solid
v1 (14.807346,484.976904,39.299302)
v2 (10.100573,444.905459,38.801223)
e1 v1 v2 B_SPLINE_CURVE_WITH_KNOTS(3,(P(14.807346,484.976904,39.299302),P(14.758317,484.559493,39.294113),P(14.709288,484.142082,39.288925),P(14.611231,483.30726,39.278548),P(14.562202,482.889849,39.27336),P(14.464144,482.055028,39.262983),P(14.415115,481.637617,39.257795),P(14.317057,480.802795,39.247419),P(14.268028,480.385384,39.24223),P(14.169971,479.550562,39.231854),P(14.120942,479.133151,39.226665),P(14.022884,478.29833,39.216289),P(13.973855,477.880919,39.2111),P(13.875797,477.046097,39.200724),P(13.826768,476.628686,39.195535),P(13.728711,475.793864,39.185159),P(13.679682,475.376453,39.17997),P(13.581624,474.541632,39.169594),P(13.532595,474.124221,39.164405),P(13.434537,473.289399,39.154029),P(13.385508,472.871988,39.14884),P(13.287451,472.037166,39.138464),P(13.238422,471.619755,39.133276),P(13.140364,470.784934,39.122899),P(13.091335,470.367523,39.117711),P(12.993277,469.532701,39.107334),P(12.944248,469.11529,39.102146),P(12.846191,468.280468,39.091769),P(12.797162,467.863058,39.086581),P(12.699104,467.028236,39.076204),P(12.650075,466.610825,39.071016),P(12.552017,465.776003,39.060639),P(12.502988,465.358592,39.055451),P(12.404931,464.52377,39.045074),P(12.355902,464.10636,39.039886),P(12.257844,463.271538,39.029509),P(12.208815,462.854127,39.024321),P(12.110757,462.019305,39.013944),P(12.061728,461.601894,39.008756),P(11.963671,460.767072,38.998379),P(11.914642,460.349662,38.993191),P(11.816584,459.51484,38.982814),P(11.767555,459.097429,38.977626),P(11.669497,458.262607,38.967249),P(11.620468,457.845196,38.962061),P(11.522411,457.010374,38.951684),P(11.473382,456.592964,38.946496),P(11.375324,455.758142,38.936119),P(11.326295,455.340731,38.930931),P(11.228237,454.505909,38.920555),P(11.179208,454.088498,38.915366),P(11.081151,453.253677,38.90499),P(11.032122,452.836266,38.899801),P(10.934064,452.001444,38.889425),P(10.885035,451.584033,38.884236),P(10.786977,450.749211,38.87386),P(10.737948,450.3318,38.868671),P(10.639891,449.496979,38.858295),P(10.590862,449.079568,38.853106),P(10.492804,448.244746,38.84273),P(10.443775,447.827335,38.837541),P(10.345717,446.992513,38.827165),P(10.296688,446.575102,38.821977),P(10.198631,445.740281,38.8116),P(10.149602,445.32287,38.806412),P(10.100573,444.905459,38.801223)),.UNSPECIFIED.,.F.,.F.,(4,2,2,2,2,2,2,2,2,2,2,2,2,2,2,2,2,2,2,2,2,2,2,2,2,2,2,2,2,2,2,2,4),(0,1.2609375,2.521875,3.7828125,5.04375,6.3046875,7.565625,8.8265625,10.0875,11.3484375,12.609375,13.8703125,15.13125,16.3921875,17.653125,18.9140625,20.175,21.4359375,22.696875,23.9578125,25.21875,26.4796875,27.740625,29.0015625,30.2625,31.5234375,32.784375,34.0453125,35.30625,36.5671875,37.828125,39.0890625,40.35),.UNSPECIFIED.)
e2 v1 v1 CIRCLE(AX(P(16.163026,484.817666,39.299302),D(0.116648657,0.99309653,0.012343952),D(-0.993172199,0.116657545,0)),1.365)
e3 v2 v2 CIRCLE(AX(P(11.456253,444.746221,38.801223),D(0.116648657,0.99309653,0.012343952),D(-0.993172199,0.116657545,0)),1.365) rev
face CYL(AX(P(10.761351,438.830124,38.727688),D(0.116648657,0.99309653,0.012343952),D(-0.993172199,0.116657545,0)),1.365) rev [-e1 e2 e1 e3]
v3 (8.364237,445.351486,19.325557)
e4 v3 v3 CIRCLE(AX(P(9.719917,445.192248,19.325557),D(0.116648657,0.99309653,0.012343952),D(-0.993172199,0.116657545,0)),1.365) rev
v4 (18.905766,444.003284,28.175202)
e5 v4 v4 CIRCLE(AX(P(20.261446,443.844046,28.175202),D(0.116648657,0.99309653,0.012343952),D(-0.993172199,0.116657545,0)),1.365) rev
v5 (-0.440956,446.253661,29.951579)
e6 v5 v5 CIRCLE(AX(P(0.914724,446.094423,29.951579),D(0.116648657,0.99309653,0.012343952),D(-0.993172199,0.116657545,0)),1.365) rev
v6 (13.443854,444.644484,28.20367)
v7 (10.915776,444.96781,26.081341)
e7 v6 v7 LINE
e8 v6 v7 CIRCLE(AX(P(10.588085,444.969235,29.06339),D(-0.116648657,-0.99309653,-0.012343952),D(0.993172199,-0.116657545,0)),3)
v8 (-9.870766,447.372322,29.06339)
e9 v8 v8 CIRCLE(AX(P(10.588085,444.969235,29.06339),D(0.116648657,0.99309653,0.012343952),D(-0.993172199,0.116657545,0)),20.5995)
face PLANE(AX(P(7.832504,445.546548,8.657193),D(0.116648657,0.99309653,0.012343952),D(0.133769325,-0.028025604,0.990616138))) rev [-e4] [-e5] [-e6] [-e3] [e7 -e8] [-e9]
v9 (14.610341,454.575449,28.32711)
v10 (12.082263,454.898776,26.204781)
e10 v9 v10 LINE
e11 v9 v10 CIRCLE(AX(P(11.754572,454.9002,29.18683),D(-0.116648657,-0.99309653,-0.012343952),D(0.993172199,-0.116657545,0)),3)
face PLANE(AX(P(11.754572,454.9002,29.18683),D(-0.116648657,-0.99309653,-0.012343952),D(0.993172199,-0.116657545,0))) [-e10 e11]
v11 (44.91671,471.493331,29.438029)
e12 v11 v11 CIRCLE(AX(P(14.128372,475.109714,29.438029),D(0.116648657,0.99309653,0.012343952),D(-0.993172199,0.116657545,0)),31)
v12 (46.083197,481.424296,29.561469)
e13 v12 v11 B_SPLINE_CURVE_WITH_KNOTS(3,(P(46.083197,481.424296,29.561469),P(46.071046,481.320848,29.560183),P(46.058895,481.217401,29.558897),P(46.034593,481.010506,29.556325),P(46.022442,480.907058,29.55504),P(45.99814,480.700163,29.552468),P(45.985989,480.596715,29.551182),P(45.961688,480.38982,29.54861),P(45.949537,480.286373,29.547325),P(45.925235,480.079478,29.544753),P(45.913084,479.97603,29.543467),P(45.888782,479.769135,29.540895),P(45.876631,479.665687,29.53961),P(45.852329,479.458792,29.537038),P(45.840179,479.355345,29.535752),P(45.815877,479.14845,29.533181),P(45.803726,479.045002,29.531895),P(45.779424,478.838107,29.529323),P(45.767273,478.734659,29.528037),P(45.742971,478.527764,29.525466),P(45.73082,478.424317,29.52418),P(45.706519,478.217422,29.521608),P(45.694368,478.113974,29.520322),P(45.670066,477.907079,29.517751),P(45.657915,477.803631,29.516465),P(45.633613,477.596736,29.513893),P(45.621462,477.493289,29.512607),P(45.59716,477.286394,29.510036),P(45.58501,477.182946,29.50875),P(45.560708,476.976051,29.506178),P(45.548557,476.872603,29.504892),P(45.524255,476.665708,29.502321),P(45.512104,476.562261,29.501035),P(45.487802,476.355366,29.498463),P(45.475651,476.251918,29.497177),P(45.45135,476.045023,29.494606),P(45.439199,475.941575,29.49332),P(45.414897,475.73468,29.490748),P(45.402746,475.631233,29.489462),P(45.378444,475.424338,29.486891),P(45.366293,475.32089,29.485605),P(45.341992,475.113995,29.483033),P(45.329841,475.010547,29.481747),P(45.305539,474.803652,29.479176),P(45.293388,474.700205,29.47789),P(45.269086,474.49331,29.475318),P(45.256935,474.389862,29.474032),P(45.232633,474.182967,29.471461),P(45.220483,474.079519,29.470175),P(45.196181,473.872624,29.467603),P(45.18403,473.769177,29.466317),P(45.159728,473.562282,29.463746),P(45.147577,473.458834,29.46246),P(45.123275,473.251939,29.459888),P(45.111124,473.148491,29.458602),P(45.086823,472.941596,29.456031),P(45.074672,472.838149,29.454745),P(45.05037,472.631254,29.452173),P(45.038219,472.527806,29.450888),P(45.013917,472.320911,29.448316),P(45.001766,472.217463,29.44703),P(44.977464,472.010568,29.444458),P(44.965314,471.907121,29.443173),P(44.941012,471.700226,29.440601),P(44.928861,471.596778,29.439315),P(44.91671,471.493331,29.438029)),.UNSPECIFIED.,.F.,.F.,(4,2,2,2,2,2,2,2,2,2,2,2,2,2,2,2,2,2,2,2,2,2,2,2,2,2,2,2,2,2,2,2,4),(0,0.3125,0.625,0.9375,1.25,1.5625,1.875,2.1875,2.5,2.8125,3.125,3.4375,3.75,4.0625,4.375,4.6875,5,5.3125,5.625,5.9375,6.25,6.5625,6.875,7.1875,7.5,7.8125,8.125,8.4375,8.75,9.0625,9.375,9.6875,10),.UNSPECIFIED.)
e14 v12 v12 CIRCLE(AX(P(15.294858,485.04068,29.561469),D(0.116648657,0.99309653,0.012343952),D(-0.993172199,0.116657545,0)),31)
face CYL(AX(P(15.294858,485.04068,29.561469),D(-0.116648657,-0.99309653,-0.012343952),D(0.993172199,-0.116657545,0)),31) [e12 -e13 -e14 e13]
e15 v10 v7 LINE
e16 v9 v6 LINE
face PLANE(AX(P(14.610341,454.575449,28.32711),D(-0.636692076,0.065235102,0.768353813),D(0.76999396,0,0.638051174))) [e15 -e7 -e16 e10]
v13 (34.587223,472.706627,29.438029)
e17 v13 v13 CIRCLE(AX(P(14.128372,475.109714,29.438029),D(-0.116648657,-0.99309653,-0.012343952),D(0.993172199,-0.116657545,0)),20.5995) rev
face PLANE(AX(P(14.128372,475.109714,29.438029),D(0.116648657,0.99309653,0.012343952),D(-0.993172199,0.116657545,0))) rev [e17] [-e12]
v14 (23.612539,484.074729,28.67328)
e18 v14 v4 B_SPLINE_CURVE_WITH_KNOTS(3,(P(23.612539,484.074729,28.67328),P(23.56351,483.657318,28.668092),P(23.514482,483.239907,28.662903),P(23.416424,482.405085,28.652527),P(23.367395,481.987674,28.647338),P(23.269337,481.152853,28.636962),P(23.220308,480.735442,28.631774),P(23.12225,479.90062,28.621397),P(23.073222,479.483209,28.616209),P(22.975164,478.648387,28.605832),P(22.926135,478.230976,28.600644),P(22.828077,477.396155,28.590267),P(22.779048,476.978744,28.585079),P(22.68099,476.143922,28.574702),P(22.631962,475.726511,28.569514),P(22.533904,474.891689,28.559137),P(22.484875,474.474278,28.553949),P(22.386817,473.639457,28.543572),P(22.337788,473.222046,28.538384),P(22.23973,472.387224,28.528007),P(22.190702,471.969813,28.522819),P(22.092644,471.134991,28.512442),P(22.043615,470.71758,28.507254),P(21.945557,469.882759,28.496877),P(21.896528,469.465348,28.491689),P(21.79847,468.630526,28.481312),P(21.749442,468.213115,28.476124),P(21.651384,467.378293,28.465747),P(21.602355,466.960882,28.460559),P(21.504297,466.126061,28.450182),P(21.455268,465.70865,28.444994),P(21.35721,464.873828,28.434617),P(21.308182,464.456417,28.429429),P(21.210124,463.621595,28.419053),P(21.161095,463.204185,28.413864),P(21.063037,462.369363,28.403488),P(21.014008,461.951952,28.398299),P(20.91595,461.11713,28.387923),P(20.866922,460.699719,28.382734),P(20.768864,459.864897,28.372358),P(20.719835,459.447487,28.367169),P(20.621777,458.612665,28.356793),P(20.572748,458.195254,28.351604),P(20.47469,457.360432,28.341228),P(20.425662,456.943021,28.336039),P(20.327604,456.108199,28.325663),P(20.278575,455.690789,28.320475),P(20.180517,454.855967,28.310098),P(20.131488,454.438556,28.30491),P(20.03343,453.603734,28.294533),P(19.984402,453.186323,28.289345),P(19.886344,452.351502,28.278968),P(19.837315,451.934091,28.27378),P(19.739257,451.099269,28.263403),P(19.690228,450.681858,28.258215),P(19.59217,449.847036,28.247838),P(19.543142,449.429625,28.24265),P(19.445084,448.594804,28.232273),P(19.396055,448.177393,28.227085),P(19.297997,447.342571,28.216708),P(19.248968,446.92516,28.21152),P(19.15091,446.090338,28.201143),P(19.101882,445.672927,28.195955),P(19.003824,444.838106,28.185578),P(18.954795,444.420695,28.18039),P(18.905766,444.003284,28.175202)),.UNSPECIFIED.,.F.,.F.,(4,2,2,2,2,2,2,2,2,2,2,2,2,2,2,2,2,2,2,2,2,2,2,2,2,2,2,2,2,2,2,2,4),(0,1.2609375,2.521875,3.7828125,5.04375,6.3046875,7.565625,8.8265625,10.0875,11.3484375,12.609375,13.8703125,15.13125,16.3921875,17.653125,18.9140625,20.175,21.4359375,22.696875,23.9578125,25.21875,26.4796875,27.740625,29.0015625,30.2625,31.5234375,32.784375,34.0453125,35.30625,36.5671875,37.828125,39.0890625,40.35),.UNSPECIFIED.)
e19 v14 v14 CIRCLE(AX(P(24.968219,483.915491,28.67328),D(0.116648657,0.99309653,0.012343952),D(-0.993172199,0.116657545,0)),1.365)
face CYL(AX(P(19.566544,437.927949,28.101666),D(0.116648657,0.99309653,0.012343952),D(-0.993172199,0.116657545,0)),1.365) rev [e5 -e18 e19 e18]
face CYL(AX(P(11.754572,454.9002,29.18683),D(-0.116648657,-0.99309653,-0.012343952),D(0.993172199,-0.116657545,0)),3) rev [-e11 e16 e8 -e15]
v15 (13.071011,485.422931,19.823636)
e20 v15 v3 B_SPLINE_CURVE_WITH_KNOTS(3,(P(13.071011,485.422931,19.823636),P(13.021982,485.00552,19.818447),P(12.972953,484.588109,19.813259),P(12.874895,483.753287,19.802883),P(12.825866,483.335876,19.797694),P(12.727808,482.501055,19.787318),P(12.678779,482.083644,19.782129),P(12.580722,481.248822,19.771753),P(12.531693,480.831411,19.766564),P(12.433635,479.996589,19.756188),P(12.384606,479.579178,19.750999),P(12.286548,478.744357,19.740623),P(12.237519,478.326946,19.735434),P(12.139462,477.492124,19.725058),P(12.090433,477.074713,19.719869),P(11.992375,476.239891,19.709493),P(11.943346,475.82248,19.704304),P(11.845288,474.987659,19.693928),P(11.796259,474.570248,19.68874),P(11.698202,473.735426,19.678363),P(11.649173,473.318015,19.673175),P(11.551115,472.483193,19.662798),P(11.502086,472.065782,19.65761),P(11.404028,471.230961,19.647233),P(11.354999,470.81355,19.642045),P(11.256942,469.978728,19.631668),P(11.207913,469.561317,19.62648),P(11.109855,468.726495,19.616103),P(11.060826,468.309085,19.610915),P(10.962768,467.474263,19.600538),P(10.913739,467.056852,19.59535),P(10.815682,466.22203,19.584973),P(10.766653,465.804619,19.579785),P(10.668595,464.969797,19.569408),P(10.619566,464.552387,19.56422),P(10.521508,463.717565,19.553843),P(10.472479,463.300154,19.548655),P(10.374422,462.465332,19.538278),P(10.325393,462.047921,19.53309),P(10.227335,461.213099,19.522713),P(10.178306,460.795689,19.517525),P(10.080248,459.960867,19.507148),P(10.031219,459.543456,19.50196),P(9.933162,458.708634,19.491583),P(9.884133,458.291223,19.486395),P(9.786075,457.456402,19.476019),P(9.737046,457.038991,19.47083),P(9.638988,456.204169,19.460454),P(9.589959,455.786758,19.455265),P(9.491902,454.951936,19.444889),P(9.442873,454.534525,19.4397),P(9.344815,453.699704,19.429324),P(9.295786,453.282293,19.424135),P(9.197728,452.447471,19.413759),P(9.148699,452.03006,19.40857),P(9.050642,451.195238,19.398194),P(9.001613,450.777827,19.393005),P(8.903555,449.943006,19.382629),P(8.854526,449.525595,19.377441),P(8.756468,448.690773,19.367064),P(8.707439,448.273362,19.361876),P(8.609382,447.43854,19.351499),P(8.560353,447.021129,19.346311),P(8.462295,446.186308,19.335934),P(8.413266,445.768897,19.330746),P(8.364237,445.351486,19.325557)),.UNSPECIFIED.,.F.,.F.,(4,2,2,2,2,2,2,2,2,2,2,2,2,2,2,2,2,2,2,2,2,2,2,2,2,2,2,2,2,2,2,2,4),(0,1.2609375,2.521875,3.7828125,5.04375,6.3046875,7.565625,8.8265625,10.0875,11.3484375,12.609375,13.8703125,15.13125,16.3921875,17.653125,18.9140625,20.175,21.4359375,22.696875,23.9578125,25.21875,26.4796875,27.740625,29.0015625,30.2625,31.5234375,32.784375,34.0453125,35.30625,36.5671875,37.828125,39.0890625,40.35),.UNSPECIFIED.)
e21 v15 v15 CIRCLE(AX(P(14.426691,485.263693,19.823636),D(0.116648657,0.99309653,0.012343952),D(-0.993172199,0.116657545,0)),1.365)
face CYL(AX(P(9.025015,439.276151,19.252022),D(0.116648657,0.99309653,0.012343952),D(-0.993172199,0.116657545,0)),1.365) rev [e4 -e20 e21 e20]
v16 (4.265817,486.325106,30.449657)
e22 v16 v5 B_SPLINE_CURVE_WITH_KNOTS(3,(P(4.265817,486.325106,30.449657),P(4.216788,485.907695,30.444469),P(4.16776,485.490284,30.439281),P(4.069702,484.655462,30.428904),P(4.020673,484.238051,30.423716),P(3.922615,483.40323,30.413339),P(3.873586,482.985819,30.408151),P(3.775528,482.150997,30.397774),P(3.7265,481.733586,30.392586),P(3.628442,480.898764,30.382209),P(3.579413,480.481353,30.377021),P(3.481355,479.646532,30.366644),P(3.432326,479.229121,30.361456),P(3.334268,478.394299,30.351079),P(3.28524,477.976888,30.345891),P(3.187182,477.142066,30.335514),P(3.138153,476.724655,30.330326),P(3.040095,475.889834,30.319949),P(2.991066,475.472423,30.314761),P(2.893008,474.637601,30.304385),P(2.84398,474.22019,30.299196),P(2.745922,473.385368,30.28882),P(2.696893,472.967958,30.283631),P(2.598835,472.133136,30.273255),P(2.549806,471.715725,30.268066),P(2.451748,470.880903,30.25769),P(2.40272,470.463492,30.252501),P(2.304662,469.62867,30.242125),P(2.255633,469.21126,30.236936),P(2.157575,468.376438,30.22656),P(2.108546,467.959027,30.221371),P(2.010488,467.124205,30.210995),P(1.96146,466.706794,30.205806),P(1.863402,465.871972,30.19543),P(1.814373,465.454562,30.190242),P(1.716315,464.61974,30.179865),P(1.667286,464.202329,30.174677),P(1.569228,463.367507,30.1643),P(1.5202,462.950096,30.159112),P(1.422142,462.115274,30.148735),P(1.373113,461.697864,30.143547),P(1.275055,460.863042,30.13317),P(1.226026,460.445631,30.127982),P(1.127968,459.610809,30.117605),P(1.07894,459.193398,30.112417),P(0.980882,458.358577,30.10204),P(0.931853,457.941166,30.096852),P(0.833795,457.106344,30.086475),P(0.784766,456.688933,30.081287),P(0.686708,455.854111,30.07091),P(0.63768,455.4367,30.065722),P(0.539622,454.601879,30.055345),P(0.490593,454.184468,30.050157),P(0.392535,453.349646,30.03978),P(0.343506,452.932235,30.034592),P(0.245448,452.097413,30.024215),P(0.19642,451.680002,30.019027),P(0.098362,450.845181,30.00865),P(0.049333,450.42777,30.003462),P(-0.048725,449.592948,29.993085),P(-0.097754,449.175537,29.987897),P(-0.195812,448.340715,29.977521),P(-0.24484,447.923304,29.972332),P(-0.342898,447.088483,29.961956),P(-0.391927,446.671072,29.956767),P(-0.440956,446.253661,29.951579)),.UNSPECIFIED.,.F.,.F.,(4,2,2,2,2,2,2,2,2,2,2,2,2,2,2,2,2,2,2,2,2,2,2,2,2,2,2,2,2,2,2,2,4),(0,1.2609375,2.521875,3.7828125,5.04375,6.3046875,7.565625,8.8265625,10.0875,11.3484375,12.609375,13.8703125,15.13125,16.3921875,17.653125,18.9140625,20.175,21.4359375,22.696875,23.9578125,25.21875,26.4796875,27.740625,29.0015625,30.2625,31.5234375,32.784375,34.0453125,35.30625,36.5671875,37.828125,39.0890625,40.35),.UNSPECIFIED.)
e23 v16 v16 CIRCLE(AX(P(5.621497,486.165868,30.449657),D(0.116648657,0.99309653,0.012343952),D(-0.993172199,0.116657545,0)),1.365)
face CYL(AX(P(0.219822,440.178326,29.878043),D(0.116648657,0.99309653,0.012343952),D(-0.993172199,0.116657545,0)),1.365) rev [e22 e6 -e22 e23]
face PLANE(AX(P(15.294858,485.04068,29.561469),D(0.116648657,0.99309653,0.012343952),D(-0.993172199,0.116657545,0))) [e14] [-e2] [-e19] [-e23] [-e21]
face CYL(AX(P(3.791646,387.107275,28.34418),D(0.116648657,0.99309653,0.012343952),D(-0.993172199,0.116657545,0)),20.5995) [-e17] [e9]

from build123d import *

# Parameters (mm, degrees)
BOSS_EXTRUDE2_DEPTH      = 12
BOSS_EXTRUDE2_DEPTH_BACK = 18.35
SKETCH3_R                = 20.599499999
CUT_EXTRUDE2_DEPTH       = 10
SKETCH5_R                = 30.999999999
BOSS_EXTRUDE3_DEPTH      = 10
CUT_EXTRUDE3_REACH       = 100.809
SKETCH7_R                = 1.365


with BuildPart() as part:
    # Sketch3 → Boss-Extrude2 (new, two sides: drawn at the far end of the back side and taken through both)
    with BuildSketch(Plane(origin=(53.132442303, 452.346775715, 5.622561963), x_dir=(0.9931732430561937, -0.11663964741431751, -0.0014498028509745849), z_dir=(-0.11664865741723304, -0.9930965298387961, -0.012343951753720052)).offset(-BOSS_EXTRUDE2_DEPTH_BACK)):
        with Locations(Location((-41.42738807, 23.530711727, 0), (0, 0, 180.083073943))):
            Circle(SKETCH3_R)
    extrude(amount=BOSS_EXTRUDE2_DEPTH + BOSS_EXTRUDE2_DEPTH_BACK)

    # Sketch4 → Cut-Extrude2 (cut)
    with BuildSketch(Plane(origin=(51.732658414, 440.429617357, 5.474434542), x_dir=(0.9931732430561937, -0.1166396474143174, -0.001449802850974575), z_dir=(-0.11664865741723293, -0.9930965298387961, -0.012343951753719985))):
        with BuildLine():
            Line((-38.551989149, 22.67509438), (-41.097444518, 20.548910719))
            ThreePointArc((-41.097444518, 20.548910719), (-44.186998686, 22.354043021), (-43.350593551, 25.833162742))
            ThreePointArc((-43.350593551, 25.833162742), (-39.778140656, 26.036701146), (-38.551989149, 22.67509438))
        make_face()
    extrude(amount=-CUT_EXTRUDE2_DEPTH, mode=Mode.SUBTRACT)

    # Sketch5 → Boss-Extrude3 (add)
    with BuildSketch(Plane(origin=(55.272945167, 470.570097038, 5.849073478), x_dir=(0.9931732430561937, -0.11663964741431687, -0.0014498028509745493), z_dir=(0.11664865741723239, 0.9930965298387961, 0.012343951753719856))):
        with Locations(Location((-41.42738807, -23.530711727, 0), (0, 0, 359.916926057))):
            Circle(SKETCH5_R)
    extrude(amount=BOSS_EXTRUDE3_DEPTH)

    # Sketch7 → Cut-Extrude3 (cut, up to next)
    with BuildSketch(Plane(origin=(56.439431742, 480.501062336, 5.972512996), x_dir=(0.9931732430561937, -0.11663964741431691, -0.0014498028509745543), z_dir=(0.11664865741723243, 0.9930965298387961, 0.012343951753719861)), mode=Mode.PRIVATE) as cut_extrude3_sk1:
        with Locations(Location((-40.55325276, -33.270564316, 0), (0, 0, 179.916926057))):
            Circle(SKETCH7_R)
    cut_extrude3_tool1 = extrude(cut_extrude3_sk1.sketch, amount=-CUT_EXTRUDE3_REACH, mode=Mode.PRIVATE) & part.part
    # Sketch7 → Cut-Extrude3 (cut, up to next)
    with BuildSketch(Plane(origin=(56.439431742, 480.501062336, 5.972512996), x_dir=(0.9931732430561937, -0.11663964741431691, -0.0014498028509745543), z_dir=(0.11664865741723243, 0.9930965298387961, 0.012343951753719861)), mode=Mode.PRIVATE) as cut_extrude3_sk2:
        with Locations(Location((-51.16724066, -24.404847037, 0), (0, 0, 179.916926057))):
            Circle(SKETCH7_R)
    cut_extrude3_tool2 = extrude(cut_extrude3_sk2.sketch, amount=-CUT_EXTRUDE3_REACH, mode=Mode.PRIVATE) & part.part
    # Sketch7 → Cut-Extrude3 (cut, up to next)
    with BuildSketch(Plane(origin=(56.439431742, 480.501062336, 5.972512996), x_dir=(0.9931732430561937, -0.11663964741431691, -0.0014498028509745543), z_dir=(0.11664865741723243, 0.9930965298387961, 0.012343951753719861)), mode=Mode.PRIVATE) as cut_extrude3_sk3:
        with Locations(Location((-42.301523381, -13.790859137, 0), (0, 0, 179.916926057))):
            Circle(SKETCH7_R)
    cut_extrude3_tool3 = extrude(cut_extrude3_sk3.sketch, amount=-CUT_EXTRUDE3_REACH, mode=Mode.PRIVATE) & part.part
    # Sketch7 → Cut-Extrude3 (cut, up to next)
    with BuildSketch(Plane(origin=(56.439431742, 480.501062336, 5.972512996), x_dir=(0.9931732430561937, -0.11663964741431691, -0.0014498028509745543), z_dir=(0.11664865741723243, 0.9930965298387961, 0.012343951753719861)), mode=Mode.PRIVATE) as cut_extrude3_sk4:
        with Locations(Location((-31.687535481, -22.656576416, 0), (0, 0, 179.916926057))):
            Circle(SKETCH7_R)
    cut_extrude3_tool4 = extrude(cut_extrude3_sk4.sketch, amount=-CUT_EXTRUDE3_REACH, mode=Mode.PRIVATE) & part.part
    add(cut_extrude3_tool1.solids().sort_by_distance((16.163026, 484.817666, 39.299302))[0], mode=Mode.SUBTRACT)
    add(cut_extrude3_tool2.solids().sort_by_distance((5.621497, 486.165868, 30.449657))[0], mode=Mode.SUBTRACT)
    add(cut_extrude3_tool3.solids().sort_by_distance((14.426691, 485.263693, 19.823636))[0], mode=Mode.SUBTRACT)
    add(cut_extrude3_tool4.solids().sort_by_distance((24.968219, 483.915491, 28.67328))[0], mode=Mode.SUBTRACT)


solid = part.part
